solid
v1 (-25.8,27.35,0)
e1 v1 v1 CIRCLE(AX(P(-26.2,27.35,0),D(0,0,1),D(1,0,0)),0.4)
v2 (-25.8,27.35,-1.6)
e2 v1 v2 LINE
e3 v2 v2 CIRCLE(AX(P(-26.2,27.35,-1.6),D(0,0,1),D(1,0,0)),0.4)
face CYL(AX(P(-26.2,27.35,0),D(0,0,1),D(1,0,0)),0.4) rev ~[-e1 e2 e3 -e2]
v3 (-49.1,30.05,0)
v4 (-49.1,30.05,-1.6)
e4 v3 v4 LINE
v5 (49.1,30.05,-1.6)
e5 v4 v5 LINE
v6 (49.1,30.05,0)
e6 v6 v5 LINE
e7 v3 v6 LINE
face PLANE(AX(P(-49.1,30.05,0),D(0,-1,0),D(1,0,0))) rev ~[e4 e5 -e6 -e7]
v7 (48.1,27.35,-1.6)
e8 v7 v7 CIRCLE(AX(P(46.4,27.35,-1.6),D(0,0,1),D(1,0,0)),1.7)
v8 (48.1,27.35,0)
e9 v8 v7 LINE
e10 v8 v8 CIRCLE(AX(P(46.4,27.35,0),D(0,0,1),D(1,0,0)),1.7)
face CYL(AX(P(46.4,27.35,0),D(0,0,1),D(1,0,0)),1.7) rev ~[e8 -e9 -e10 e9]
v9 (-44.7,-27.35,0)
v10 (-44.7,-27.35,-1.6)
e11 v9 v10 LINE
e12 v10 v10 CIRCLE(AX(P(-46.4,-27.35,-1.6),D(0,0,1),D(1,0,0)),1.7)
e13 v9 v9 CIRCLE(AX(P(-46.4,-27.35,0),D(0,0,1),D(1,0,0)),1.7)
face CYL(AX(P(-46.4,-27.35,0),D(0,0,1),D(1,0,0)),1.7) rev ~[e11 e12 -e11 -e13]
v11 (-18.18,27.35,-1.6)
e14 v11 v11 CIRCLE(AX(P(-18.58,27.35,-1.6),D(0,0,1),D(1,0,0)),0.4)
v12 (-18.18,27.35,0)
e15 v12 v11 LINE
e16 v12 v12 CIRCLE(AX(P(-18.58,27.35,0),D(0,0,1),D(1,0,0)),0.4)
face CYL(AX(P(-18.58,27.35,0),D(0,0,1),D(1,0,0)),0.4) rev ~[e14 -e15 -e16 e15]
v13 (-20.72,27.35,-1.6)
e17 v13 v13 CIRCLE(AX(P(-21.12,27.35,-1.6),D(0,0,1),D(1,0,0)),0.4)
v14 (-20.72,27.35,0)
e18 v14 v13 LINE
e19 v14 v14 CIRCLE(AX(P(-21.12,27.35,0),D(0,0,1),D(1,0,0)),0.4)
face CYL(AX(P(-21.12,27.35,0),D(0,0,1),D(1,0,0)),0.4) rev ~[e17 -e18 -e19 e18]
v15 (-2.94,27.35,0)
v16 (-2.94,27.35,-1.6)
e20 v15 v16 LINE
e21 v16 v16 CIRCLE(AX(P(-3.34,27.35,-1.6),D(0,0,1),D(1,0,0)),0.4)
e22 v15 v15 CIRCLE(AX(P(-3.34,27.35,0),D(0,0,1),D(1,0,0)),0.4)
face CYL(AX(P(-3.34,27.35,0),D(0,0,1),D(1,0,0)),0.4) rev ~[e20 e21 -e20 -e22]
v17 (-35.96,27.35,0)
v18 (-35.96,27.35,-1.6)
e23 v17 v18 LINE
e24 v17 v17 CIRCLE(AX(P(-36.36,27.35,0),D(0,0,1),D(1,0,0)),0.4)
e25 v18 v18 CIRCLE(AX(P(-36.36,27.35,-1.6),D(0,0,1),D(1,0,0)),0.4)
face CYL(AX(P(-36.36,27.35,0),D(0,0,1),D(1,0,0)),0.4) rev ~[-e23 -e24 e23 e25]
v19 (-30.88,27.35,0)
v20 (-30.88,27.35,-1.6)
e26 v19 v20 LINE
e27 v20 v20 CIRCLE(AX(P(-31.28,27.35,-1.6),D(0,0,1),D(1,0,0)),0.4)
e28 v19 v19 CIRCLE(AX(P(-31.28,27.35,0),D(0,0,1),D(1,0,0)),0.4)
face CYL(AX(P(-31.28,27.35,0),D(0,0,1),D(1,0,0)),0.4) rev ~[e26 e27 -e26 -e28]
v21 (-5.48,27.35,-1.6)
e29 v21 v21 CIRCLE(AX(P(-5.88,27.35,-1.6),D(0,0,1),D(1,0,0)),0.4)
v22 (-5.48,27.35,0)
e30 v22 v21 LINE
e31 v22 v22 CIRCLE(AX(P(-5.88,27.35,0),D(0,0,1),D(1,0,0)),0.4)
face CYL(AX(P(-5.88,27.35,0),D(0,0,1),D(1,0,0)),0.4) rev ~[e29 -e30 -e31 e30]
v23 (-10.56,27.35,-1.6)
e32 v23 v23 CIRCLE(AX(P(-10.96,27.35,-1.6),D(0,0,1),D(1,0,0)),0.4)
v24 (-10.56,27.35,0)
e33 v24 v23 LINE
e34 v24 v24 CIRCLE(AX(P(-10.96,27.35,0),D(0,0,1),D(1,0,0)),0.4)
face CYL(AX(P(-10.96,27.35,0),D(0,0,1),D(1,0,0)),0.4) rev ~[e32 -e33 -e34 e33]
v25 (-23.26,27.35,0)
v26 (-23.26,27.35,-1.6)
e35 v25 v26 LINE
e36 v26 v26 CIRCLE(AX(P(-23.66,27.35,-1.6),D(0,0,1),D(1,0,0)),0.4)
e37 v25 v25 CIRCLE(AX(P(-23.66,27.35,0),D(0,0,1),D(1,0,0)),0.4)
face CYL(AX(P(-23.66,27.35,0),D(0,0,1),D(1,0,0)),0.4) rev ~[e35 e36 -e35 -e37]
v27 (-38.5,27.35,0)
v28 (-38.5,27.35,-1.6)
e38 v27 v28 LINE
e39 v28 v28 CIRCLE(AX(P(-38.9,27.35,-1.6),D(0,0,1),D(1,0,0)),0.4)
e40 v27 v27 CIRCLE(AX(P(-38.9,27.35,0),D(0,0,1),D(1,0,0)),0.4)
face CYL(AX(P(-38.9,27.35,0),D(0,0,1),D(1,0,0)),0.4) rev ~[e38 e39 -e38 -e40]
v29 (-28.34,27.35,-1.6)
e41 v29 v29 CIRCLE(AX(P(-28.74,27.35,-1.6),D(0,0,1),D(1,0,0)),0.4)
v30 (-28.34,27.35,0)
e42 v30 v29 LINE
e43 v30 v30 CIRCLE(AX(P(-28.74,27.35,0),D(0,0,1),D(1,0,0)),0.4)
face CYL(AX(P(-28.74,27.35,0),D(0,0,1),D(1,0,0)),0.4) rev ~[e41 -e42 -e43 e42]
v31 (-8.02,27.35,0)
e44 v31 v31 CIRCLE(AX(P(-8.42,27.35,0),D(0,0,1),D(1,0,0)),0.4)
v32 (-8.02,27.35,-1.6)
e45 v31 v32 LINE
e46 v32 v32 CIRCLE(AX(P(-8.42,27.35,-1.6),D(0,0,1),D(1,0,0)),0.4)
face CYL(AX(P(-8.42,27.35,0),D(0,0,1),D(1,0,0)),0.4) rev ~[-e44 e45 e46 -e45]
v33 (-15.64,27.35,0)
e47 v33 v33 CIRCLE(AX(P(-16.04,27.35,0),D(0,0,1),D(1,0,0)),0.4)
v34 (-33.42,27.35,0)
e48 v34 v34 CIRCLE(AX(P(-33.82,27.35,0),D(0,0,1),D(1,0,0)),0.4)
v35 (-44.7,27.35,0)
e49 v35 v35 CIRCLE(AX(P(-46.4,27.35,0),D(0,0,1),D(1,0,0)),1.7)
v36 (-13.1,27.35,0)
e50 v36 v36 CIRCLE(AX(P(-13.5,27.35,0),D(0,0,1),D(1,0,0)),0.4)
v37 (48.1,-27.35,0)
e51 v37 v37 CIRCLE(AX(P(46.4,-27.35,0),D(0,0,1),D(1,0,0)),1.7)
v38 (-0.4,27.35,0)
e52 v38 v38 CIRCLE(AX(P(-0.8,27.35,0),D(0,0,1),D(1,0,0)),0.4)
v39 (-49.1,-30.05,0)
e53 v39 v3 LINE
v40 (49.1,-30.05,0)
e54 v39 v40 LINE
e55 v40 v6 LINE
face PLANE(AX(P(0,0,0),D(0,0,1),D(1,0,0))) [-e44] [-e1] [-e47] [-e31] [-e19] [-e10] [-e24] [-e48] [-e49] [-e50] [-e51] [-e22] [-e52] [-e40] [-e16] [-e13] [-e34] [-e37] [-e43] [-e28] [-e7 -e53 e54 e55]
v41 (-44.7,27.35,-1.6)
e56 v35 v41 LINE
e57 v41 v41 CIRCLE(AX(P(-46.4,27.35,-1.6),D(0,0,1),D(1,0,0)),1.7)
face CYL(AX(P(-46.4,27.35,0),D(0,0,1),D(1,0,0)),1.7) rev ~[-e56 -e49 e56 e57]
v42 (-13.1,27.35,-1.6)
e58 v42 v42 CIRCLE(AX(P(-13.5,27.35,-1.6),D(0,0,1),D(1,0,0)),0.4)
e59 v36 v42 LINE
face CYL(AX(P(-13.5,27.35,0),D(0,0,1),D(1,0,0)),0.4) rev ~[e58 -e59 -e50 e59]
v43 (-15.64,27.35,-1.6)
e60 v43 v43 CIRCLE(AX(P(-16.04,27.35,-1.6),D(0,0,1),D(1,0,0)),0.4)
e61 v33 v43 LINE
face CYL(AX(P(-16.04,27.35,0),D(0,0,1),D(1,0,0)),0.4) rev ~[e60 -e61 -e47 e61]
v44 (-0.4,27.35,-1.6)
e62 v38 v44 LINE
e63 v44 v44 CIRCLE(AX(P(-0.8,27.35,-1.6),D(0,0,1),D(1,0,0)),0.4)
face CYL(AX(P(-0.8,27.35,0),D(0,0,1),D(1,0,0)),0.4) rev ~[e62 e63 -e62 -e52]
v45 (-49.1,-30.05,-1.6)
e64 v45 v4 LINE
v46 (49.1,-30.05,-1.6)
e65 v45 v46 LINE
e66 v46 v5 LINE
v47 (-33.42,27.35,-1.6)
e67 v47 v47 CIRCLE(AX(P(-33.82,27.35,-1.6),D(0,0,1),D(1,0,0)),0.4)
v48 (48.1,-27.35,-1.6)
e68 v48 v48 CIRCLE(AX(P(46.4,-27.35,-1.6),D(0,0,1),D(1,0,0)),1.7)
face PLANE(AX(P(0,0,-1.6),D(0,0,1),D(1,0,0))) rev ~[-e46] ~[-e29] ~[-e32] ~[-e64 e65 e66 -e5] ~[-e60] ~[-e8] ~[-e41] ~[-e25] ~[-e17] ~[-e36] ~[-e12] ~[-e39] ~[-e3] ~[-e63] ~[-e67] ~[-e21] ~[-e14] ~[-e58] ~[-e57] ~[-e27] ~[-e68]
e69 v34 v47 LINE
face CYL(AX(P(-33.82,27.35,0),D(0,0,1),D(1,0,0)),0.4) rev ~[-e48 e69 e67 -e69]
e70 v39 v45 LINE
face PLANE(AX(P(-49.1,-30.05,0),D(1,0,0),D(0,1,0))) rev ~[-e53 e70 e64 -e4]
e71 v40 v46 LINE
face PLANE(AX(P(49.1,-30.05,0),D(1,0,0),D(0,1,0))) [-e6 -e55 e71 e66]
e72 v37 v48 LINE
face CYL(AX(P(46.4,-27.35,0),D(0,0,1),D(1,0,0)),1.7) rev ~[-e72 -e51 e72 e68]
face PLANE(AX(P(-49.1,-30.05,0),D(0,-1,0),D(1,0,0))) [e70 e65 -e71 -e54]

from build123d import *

# Parameters (mm, degrees)
SKETCH010_W         = 98.2
SKETCH010_H         = 60.1
PAD003002_DEPTH     = 1.6
SKETCH011_R         = 1.7
POCKET005002_DEPTH  = 1.601
SKETCH012_R         = 0.4
POCKET005003_DEPTH  = 1.601
LINEARPATTERN_COUNT = 16
LINEARPATTERN_PITCH = 2.54


with BuildPart() as part:
    # Sketch010 → Pad003002 (new body)
    with BuildSketch(Plane.XY):
        Rectangle(SKETCH010_W, SKETCH010_H)
    extrude(amount=-PAD003002_DEPTH)

    # Sketch011 (on Face5 of Pad003002) → Pocket005002 (cut, through all)
    with BuildSketch(Plane.XY):
        with Locations((-46.4, 27.35)):
            Circle(SKETCH011_R)
        with Locations((46.4, 27.35)):
            Circle(SKETCH011_R)
        with Locations((-46.4, -27.35)):
            Circle(SKETCH011_R)
        with Locations((46.4, -27.35)):
            Circle(SKETCH011_R)
    extrude(amount=-POCKET005002_DEPTH, mode=Mode.SUBTRACT)

    # Sketch012 (on Face4 of Pocket005002) → Pocket005003 (cut, through all)
    with BuildSketch(Plane.XY):
        with Locations((-38.9, 27.35)):
            Circle(SKETCH012_R)
    pocket005003 = extrude(amount=-POCKET005003_DEPTH, mode=Mode.SUBTRACT)

    # LinearPattern: Pocket005003 ×16
    with Locations(*[(i * LINEARPATTERN_PITCH, 0, 0) for i in range(1, LINEARPATTERN_COUNT)]):
        add(pocket005003, mode=Mode.SUBTRACT)


solid = part.part
